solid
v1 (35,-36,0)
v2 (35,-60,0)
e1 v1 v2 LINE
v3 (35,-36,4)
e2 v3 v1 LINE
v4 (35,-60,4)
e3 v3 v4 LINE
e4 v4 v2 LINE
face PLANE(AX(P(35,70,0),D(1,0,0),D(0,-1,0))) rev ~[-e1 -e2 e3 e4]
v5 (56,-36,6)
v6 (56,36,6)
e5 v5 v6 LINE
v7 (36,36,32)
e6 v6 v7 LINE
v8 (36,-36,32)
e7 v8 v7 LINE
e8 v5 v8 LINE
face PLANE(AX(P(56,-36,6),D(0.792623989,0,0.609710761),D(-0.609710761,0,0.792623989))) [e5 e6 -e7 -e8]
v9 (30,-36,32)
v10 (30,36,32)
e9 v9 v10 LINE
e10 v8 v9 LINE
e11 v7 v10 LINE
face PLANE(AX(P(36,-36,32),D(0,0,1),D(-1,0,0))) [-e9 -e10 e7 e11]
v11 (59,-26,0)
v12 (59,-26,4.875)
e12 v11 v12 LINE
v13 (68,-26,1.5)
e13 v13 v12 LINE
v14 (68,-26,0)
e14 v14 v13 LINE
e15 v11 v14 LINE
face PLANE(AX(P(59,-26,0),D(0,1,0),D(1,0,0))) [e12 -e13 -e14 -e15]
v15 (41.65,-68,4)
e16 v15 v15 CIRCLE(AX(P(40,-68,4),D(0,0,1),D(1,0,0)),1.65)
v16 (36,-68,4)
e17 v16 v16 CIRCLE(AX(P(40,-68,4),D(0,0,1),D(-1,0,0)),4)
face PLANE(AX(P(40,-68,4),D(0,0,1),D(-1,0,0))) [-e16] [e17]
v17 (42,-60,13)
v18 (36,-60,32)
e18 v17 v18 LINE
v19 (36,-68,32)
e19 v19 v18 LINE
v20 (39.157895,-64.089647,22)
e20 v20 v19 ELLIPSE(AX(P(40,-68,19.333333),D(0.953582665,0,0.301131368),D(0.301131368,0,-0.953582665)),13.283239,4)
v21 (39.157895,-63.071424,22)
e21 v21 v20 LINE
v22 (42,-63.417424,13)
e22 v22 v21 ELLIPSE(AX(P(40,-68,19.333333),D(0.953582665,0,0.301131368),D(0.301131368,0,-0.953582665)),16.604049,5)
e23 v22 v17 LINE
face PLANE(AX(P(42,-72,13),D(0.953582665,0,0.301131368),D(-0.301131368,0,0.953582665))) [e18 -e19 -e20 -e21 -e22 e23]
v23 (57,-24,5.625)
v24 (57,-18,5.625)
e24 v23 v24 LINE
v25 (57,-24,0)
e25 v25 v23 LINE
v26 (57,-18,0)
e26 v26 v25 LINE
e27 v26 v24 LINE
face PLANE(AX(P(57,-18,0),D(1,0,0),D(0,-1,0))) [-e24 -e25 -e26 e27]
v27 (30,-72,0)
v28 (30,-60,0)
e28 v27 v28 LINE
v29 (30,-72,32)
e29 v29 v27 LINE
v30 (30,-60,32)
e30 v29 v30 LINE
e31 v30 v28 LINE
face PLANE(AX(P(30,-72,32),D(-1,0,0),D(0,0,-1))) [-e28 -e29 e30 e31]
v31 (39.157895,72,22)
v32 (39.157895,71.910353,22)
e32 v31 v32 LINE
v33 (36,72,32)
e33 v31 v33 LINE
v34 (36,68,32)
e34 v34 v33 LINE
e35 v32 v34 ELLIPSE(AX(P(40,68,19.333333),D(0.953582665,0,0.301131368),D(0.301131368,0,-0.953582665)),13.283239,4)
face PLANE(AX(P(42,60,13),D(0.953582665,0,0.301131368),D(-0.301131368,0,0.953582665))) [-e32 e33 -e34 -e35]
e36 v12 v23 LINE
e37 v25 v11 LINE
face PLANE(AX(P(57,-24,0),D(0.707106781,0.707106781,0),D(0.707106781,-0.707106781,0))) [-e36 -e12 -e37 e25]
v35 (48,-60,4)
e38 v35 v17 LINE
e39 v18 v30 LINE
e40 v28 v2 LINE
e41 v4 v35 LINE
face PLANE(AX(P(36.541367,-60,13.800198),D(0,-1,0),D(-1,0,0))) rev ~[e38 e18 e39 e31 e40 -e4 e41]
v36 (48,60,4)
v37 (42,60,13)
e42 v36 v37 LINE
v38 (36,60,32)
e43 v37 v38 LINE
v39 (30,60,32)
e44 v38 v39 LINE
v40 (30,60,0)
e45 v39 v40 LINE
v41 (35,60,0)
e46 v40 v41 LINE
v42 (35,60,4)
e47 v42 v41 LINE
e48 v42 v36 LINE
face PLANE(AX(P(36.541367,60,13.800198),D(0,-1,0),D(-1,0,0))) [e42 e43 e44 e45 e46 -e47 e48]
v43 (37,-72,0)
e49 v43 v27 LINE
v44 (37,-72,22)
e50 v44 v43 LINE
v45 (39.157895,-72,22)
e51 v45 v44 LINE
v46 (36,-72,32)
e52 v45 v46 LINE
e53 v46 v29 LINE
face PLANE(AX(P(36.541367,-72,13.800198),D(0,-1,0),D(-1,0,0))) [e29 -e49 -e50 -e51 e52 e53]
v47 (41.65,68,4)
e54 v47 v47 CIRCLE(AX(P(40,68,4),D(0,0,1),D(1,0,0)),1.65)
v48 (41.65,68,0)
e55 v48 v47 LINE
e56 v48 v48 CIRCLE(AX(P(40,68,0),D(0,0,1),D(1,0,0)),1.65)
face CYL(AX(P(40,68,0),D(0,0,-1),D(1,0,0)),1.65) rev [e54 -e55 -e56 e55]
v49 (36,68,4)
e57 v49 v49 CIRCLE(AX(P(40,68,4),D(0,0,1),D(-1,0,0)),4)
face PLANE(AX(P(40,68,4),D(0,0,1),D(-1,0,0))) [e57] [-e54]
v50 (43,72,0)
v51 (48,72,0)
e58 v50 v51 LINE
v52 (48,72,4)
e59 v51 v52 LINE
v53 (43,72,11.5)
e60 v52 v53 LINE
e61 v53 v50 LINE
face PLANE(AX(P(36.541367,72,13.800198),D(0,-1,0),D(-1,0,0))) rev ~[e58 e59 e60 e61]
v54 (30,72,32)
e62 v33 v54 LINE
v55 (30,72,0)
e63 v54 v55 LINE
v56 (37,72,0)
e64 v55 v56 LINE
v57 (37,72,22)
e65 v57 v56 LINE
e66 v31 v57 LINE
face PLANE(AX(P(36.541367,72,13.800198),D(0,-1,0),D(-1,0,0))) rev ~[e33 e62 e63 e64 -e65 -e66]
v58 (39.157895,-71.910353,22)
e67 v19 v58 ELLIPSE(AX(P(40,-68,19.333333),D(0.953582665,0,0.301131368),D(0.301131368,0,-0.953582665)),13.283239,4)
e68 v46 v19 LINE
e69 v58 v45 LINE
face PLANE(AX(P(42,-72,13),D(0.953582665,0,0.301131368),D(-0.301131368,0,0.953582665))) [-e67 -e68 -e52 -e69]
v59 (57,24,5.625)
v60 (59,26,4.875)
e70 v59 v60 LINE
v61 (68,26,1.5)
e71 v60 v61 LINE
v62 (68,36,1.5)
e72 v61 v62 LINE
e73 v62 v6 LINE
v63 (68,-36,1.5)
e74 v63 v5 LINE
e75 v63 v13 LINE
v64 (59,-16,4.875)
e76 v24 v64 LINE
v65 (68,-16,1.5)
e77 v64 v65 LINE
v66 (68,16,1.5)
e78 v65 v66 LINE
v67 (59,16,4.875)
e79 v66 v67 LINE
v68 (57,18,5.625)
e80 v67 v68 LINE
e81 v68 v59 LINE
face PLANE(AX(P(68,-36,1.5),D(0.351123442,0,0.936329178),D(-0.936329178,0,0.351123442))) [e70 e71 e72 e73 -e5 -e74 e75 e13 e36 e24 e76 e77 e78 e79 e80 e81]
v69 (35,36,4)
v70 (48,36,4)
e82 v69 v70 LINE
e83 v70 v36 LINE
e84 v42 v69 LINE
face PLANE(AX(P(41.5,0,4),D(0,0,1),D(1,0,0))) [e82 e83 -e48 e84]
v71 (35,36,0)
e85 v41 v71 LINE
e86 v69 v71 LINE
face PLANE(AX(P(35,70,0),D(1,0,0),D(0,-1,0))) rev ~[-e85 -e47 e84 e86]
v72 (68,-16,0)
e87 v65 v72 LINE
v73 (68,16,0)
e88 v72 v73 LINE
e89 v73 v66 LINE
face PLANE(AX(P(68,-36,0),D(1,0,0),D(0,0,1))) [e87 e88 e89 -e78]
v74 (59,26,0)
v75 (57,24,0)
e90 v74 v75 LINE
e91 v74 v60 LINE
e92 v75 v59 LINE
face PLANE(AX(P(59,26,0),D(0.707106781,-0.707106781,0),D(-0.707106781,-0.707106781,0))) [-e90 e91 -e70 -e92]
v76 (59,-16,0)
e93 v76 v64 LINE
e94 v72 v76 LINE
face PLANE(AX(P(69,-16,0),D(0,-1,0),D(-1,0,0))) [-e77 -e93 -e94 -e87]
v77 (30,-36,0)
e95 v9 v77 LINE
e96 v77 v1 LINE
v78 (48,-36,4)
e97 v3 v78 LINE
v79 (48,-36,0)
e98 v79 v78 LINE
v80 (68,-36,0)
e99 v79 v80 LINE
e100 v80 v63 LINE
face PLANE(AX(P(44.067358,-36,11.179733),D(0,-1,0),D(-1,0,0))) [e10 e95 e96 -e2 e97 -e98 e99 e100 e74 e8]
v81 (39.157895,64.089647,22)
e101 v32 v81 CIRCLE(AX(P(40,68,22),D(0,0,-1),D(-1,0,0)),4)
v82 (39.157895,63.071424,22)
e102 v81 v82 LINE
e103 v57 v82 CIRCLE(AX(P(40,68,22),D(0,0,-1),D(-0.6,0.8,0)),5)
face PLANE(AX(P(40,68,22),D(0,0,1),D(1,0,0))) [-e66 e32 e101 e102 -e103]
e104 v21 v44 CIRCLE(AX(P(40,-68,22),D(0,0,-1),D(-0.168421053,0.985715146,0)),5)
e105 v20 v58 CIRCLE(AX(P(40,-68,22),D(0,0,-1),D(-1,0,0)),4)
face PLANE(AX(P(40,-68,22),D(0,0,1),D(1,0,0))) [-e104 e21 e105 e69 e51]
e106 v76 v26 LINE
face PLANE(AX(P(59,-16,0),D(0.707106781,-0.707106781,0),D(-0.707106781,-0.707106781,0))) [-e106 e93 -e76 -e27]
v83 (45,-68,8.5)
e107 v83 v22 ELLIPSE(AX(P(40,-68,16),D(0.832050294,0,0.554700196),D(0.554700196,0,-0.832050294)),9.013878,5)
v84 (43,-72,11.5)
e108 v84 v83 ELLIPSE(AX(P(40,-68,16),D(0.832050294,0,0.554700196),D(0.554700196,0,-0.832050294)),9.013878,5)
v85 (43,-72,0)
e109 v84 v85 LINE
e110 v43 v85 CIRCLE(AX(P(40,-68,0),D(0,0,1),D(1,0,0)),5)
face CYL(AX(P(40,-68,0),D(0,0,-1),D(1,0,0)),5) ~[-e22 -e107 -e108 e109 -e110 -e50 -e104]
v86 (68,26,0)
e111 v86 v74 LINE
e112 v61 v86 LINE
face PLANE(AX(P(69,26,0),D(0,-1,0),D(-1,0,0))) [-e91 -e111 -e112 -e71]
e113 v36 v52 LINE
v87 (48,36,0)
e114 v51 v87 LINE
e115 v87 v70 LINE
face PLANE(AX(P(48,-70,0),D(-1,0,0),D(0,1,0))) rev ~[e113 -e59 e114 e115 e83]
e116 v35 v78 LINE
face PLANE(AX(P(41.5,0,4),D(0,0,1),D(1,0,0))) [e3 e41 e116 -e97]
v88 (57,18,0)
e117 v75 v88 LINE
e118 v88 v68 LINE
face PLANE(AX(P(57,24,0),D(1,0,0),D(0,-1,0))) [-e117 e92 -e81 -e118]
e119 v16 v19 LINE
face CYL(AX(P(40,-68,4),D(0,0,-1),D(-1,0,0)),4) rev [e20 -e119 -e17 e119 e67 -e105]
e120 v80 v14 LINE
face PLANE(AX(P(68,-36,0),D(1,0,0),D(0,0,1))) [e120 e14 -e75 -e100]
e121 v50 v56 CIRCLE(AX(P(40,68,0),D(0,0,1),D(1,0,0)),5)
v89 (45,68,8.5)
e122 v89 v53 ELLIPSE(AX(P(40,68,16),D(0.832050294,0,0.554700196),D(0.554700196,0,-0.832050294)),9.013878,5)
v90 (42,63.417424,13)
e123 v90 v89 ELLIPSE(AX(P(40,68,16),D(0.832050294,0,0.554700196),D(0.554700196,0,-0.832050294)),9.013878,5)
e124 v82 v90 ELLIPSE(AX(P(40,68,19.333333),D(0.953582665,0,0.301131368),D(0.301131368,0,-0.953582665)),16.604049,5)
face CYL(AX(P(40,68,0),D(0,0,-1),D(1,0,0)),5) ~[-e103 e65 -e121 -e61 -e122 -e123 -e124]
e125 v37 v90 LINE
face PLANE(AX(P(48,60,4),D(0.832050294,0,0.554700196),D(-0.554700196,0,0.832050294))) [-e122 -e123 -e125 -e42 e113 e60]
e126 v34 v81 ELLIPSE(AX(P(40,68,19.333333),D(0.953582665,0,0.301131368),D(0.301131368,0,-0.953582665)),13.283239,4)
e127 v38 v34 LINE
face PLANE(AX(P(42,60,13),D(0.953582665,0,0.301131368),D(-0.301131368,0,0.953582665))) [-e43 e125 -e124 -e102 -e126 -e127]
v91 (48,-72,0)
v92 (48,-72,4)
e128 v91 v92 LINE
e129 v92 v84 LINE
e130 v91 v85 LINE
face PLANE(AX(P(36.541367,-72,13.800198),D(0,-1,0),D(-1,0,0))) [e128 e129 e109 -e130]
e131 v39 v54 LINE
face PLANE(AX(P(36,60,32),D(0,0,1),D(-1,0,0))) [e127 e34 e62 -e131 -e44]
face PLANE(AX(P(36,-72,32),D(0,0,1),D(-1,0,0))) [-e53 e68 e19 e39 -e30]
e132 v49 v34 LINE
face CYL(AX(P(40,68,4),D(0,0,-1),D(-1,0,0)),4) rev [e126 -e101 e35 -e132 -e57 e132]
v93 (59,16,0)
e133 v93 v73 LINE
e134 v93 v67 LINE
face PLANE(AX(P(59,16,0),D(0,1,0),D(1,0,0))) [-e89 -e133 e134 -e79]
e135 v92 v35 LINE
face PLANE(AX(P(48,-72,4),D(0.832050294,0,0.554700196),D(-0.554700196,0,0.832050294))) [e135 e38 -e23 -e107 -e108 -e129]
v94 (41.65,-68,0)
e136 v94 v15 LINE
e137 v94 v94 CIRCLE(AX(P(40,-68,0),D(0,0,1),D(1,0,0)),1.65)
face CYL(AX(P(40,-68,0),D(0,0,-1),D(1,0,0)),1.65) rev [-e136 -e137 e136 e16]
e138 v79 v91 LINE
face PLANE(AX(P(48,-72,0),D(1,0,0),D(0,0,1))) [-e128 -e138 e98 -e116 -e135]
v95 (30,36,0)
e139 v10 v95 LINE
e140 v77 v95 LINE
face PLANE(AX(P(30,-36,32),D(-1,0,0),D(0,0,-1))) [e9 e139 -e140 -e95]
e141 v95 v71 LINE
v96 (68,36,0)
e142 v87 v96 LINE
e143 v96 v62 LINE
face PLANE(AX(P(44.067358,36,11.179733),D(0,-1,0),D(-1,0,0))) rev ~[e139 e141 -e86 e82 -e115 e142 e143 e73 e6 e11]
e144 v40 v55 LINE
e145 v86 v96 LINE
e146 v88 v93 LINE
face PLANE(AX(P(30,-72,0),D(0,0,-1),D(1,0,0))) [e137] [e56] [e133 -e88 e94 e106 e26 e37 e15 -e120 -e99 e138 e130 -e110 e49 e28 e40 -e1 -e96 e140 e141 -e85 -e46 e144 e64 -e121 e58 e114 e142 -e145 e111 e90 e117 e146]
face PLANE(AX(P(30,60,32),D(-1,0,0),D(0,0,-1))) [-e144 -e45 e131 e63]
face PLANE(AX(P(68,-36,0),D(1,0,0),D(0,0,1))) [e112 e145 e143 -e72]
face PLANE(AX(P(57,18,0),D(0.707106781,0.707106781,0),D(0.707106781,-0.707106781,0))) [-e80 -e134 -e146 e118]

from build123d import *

# Parameters (mm, degrees)
F_4MM_DEPTH             = 4
F_6MM_0_START           = -36
F_6MM_0_DEPTH           = 72
F_6MM_66_START          = 60
F_6MM_66_DEPTH          = 12
F_6MM_66_START_2        = -72
F_6MM_66_2_DEPTH        = 12
SKETCH_5_R              = 1.65
CUT_EXTRUDE_M3_DEPTH    = 4
SKETCH_7_R              = 5
SKETCH_7_R_2            = 1.65
EXTRUDE_D10_DEPTH       = 22
D8_4MM_START            = 4
SKETCH_8_R              = 4
D8_4MM_DEPTH            = 32
CUT_EXTRUDE_14X10_DEPTH = 40


with BuildPart() as part:
    # 草图1 → 加厚侧鞍底梁_4mm (new body)
    with BuildSketch(Plane.XY):
        Polygon((37, -72), (46, -72), (48, -70), (48, 70), (46, 72), (37, 72), (35, 70), (35, -70), align=None)
    extrude(amount=F_4MM_DEPTH)

    # 草图2 → 高侧壁6mm_分段缓降斜面_0 (add)
    with BuildSketch(Plane(origin=(0, 0, 0), x_dir=(1, 0, 0), z_dir=(0, 1, 0)).offset(F_6MM_0_START)):
        Polygon((30, 0), (68, 0), (68, -1.5), (56, -6), (36, -32), (30, -32), align=None)
    extrude(amount=F_6MM_0_DEPTH)

    # 草图3 → 6mm___66 (add)
    with BuildSketch(Plane(origin=(0, 0, 0), x_dir=(1, 0, 0), z_dir=(0, 1, 0)).offset(F_6MM_66_START)):
        Polygon((30, 0), (48, 0), (48, -4), (42, -13), (36, -32), (30, -32), align=None)
    extrude(amount=F_6MM_66_DEPTH)

    # 草图4 → 6mm___-66 2 (add)
    with BuildSketch(Plane(origin=(0, 0, 0), x_dir=(1, 0, 0), z_dir=(0, 1, 0)).offset(F_6MM_66_START_2)):
        Polygon((30, 0), (48, 0), (48, -4), (42, -13), (36, -32), (30, -32), align=None)
    extrude(amount=F_6MM_66_2_DEPTH)

    # 草图5 → 侧鞍M3贯穿固定孔 (cut)
    with BuildSketch(Plane.XY):
        with Locations((40, -68)):
            Circle(SKETCH_5_R)
        with Locations((40, 68)):
            Circle(SKETCH_5_R)
    extrude(amount=CUT_EXTRUDE_M3_DEPTH, mode=Mode.SUBTRACT)

    # 草图7 → 螺丝沉台局部加强圈_D10 (add)
    # profile 1 of 2: a face of its own
    with BuildSketch(Plane.XY):
        with Locations((40, -68)):
            Circle(SKETCH_7_R)
        with Locations((40, -68)):
            Circle(SKETCH_7_R_2, mode=Mode.SUBTRACT)
    # profile 2 of 2: a face of its own
    with BuildSketch(Plane.XY):
        with Locations((40, 68)):
            Circle(SKETCH_7_R)
        with Locations((40, 68)):
            Circle(SKETCH_7_R_2, mode=Mode.SUBTRACT)
    extrude(amount=EXTRUDE_D10_DEPTH)

    # 草图8 → 螺丝头及工具沉台_D8_保留4mm底 (cut)
    with BuildSketch(Plane.XY.offset(D8_4MM_START)):
        with Locations(Location((40, -68, 0), (0, 0, 180))):
            Circle(SKETCH_8_R)
        with Locations(Location((40, 68, 0), (0, 0, 180))):
            Circle(SKETCH_8_R)
    extrude(amount=D8_4MM_DEPTH, mode=Mode.SUBTRACT)

    # 草图9 → 板内钢索孔侧向敞口避让_14x10 (cut)
    with BuildSketch(Plane.XY):
        Polygon((59, 16), (69, 16), (71, 18), (71, 24), (69, 26), (59, 26), (57, 24), (57, 18), align=None)
        Polygon((59, -26), (69, -26), (71, -24), (71, -18), (69, -16), (59, -16), (57, -18), (57, -24), align=None)
    extrude(amount=CUT_EXTRUDE_14X10_DEPTH, mode=Mode.SUBTRACT)


solid = part.part
